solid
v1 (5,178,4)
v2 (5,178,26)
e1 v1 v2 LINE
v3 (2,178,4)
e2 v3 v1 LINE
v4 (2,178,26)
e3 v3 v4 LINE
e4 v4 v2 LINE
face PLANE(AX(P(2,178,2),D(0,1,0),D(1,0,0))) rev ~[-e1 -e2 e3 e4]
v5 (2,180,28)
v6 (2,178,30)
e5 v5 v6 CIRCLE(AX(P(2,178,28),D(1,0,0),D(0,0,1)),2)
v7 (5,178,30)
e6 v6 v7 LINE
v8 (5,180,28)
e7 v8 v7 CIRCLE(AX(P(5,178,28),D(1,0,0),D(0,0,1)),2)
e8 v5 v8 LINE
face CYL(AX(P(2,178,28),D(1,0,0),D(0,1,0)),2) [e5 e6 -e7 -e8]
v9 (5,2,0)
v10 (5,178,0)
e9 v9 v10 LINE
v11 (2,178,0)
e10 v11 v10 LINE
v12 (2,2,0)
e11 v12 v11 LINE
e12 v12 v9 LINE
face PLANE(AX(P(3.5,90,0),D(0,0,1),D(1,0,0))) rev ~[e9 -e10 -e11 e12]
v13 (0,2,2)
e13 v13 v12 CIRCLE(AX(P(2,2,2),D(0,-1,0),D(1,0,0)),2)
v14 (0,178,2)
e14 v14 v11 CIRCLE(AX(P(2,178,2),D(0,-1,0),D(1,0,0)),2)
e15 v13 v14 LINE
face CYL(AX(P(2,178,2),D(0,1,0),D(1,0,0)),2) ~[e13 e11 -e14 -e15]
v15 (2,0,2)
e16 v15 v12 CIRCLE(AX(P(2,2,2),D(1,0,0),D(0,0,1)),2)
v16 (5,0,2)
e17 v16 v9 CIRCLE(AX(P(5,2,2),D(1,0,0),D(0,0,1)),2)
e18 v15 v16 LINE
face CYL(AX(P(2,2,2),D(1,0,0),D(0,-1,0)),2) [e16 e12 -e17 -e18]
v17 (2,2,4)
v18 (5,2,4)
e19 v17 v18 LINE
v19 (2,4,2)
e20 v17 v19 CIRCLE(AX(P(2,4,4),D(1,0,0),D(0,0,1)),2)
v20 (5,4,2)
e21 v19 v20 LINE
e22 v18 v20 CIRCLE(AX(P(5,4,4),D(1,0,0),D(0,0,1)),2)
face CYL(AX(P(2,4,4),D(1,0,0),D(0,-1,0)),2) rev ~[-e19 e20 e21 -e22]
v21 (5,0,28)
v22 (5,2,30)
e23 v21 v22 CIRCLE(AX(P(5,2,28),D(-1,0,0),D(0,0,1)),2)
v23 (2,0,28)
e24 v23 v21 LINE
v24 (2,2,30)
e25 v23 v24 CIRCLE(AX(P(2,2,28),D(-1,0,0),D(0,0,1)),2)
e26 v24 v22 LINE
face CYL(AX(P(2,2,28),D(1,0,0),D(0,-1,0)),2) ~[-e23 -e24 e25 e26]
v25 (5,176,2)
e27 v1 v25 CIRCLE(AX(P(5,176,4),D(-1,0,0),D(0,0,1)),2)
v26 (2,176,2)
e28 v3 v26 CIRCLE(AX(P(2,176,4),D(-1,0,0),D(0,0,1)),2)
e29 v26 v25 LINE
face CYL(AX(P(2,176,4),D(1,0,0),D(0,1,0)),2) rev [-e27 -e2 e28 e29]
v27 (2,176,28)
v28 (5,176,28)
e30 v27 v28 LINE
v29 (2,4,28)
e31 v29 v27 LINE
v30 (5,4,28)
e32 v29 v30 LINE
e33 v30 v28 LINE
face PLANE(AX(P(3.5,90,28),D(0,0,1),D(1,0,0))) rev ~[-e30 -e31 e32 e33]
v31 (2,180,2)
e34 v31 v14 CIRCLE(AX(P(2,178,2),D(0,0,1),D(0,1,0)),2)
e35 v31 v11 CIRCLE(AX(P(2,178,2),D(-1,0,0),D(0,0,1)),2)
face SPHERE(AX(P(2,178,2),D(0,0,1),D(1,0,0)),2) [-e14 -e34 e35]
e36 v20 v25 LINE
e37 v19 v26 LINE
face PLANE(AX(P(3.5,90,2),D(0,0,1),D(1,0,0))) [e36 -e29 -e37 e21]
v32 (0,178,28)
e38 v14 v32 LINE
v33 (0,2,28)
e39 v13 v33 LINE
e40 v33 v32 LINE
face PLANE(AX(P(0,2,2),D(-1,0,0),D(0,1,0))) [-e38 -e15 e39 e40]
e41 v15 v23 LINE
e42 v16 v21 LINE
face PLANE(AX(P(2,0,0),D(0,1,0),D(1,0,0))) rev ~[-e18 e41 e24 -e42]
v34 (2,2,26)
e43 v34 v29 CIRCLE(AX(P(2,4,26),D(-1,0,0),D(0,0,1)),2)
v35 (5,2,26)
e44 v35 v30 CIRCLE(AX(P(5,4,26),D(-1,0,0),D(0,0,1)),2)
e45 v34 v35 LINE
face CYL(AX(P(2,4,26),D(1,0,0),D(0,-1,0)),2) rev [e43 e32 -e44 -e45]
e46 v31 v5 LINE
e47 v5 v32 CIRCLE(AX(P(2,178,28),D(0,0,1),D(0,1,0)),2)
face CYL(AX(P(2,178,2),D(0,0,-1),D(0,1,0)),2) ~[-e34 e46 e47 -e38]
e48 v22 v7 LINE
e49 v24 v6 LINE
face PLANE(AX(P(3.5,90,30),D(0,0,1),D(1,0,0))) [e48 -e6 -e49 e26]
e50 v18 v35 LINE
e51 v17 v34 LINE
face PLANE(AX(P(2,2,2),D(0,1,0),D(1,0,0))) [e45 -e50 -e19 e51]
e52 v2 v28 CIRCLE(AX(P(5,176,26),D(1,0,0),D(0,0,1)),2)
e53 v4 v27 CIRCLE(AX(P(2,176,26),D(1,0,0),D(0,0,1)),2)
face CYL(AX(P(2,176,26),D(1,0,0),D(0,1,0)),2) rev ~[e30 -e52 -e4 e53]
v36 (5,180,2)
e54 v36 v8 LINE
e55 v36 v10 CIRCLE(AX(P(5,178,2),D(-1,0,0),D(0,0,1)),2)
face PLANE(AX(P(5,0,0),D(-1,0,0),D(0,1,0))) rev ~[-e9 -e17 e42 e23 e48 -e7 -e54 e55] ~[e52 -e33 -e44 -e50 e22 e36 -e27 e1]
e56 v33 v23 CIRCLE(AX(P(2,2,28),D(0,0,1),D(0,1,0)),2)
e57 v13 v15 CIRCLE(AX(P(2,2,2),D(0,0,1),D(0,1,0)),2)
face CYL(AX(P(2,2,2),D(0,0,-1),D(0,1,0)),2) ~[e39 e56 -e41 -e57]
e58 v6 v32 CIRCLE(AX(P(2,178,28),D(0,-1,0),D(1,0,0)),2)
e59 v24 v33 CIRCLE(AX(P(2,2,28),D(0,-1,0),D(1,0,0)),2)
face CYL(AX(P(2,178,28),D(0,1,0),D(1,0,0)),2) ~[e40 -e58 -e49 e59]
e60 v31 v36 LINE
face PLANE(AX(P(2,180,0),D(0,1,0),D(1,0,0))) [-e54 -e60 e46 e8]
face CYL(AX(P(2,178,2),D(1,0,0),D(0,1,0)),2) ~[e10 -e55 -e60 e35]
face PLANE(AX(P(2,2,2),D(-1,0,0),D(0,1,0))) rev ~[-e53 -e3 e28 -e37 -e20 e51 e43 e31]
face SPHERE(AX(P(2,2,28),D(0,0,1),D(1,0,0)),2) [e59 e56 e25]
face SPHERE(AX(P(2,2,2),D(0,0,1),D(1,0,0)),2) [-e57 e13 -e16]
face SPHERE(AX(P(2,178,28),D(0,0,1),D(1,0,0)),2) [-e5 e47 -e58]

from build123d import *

# Parameters (mm, degrees)
BOX007_W          = 3
BOX007_H          = 176
BOX007_DEPTH      = 26
FILLET003_R       = 2
BOX005_W          = 2
BOX005_H          = 176
BOX005_DEPTH      = 26
CYLINDER021_R     = 2
CYLINDER021_DEPTH = 26
CYLINDER022_R     = 2
CYLINDER022_DEPTH = 26
CYLINDER023_R     = 2
CYLINDER023_DEPTH = 176
CYLINDER024_R     = 2
CYLINDER024_DEPTH = 176
BOX006_W          = 3
BOX006_H          = 180
BOX006_DEPTH      = 30
FILLET002_R       = 2


with BuildPart() as fillet003:
    # Box007 → Box007 (new body)
    with BuildSketch(Plane(origin=(7, 2, 2), x_dir=(1, 0, 0), z_dir=(0, 0, 1))):
        with Locations((1.5, 88)):
            Rectangle(BOX007_W, BOX007_H)
    extrude(amount=BOX007_DEPTH)

    # Fillet003
    fillet003_edges = [fillet003.edges().sort_by_distance(p)[0] for p in [
        (8.5, 2, 2),
        (8.5, 2, 28),
        (8.5, 178, 2),
        (8.5, 178, 28),
    ]]
    fillet(fillet003_edges, radius=FILLET003_R)


with BuildPart() as fillet003_1:
    # Fillet003 placement: moved
    add(fillet003.part.moved(Location((-5, 0, 0))))


with BuildPart() as cube005:
    # Box005 → Box005 (new body)
    with BuildSketch(Plane(origin=(0, 2, 2), x_dir=(1, 0, 0), z_dir=(0, 0, 1))):
        with Locations((1, 88)):
            Rectangle(BOX005_W, BOX005_H)
    extrude(amount=BOX005_DEPTH)


with BuildPart() as cylinder021:
    # Cylinder021 → Cylinder021 (new body)
    with BuildSketch(Plane(origin=(2, 2, 2), x_dir=(0, 1, 0), z_dir=(0, 0, 1))):
        Circle(CYLINDER021_R)
    extrude(amount=CYLINDER021_DEPTH)


with BuildPart() as cylinder022:
    # Cylinder022 → Cylinder022 (new body)
    with BuildSketch(Plane(origin=(2, 178, 2), x_dir=(0, 1, 0), z_dir=(0, 0, 1))):
        Circle(CYLINDER022_R)
    extrude(amount=CYLINDER022_DEPTH)


with BuildPart() as cylinder023:
    # Cylinder023 → Cylinder023 (new body)
    with BuildSketch(Plane(origin=(2, 178, 2), x_dir=(1, 0, 0), z_dir=(0, -1, 0))):
        Circle(CYLINDER023_R)
    extrude(amount=CYLINDER023_DEPTH)


with BuildPart() as cylinder024:
    # Cylinder024 → Cylinder024 (new body)
    with BuildSketch(Plane(origin=(2, 178, 28), x_dir=(1, 0, 0), z_dir=(0, -1, 0))):
        Circle(CYLINDER024_R)
    extrude(amount=CYLINDER024_DEPTH)


with BuildPart() as sphere005:
    # Sphere004 → Sphere004 (revolve)
    with BuildSketch(Plane(origin=(2, 2, 2), x_dir=(1, 0, 0), z_dir=(0, -1, 0))):
        with BuildLine():
            ThreePointArc((0, -2), (2, 0), (0, 2))
            Line((0, 2), (0, -2))
        make_face()
    revolve(axis=Axis((2, 2, 2), (0, 0, 1)))


with BuildPart() as sphere006:
    # Sphere005 → Sphere005 (revolve)
    with BuildSketch(Plane(origin=(2, 178, 2), x_dir=(1, 0, 0), z_dir=(0, -1, 0))):
        with BuildLine():
            ThreePointArc((0, -2), (2, 0), (0, 2))
            Line((0, 2), (0, -2))
        make_face()
    revolve(axis=Axis((2, 178, 2), (0, 0, 1)))


with BuildPart() as sphere007:
    # Sphere006 → Sphere006 (revolve)
    with BuildSketch(Plane(origin=(2, 2, 28), x_dir=(1, 0, 0), z_dir=(0, -1, 0))):
        with BuildLine():
            ThreePointArc((0, -2), (2, 0), (0, 2))
            Line((0, 2), (0, -2))
        make_face()
    revolve(axis=Axis((2, 2, 28), (0, 0, 1)))


with BuildPart() as sphere008:
    # Sphere007 → Sphere007 (revolve)
    with BuildSketch(Plane(origin=(2, 178, 28), x_dir=(1, 0, 0), z_dir=(0, -1, 0))):
        with BuildLine():
            ThreePointArc((0, -2), (2, 0), (0, 2))
            Line((0, 2), (0, -2))
        make_face()
    revolve(axis=Axis((2, 178, 28), (0, 0, 1)))


with BuildPart() as cut027:
    # Box006 → Box006 (new body)
    with BuildSketch(Plane(origin=(2, 0, 0), x_dir=(1, 0, 0), z_dir=(0, 0, 1))):
        with Locations((1.5, 90)):
            Rectangle(BOX006_W, BOX006_H)
    extrude(amount=BOX006_DEPTH)

    # Fillet002
    fillet002_edges = [cut027.edges().sort_by_distance(p)[0] for p in [
        (3.5, 0, 0),
        (3.5, 0, 30),
        (3.5, 180, 0),
        (3.5, 180, 30),
    ]]
    fillet(fillet002_edges, radius=FILLET002_R)

    # Fusion001: union Cube005, Cylinder021, Cylinder022, Cylinder023, Cylinder024, Sphere005, Sphere006, Sphere007, Sphere008
    add(cube005.part)
    add(cylinder021.part)
    add(cylinder022.part)
    add(cylinder023.part)
    add(cylinder024.part)
    add(sphere005.part)
    add(sphere006.part)
    add(sphere007.part)
    add(sphere008.part)

    # Cut027: cut Fillet003
    add(fillet003_1.part, mode=Mode.SUBTRACT)


solid = cut027.part
